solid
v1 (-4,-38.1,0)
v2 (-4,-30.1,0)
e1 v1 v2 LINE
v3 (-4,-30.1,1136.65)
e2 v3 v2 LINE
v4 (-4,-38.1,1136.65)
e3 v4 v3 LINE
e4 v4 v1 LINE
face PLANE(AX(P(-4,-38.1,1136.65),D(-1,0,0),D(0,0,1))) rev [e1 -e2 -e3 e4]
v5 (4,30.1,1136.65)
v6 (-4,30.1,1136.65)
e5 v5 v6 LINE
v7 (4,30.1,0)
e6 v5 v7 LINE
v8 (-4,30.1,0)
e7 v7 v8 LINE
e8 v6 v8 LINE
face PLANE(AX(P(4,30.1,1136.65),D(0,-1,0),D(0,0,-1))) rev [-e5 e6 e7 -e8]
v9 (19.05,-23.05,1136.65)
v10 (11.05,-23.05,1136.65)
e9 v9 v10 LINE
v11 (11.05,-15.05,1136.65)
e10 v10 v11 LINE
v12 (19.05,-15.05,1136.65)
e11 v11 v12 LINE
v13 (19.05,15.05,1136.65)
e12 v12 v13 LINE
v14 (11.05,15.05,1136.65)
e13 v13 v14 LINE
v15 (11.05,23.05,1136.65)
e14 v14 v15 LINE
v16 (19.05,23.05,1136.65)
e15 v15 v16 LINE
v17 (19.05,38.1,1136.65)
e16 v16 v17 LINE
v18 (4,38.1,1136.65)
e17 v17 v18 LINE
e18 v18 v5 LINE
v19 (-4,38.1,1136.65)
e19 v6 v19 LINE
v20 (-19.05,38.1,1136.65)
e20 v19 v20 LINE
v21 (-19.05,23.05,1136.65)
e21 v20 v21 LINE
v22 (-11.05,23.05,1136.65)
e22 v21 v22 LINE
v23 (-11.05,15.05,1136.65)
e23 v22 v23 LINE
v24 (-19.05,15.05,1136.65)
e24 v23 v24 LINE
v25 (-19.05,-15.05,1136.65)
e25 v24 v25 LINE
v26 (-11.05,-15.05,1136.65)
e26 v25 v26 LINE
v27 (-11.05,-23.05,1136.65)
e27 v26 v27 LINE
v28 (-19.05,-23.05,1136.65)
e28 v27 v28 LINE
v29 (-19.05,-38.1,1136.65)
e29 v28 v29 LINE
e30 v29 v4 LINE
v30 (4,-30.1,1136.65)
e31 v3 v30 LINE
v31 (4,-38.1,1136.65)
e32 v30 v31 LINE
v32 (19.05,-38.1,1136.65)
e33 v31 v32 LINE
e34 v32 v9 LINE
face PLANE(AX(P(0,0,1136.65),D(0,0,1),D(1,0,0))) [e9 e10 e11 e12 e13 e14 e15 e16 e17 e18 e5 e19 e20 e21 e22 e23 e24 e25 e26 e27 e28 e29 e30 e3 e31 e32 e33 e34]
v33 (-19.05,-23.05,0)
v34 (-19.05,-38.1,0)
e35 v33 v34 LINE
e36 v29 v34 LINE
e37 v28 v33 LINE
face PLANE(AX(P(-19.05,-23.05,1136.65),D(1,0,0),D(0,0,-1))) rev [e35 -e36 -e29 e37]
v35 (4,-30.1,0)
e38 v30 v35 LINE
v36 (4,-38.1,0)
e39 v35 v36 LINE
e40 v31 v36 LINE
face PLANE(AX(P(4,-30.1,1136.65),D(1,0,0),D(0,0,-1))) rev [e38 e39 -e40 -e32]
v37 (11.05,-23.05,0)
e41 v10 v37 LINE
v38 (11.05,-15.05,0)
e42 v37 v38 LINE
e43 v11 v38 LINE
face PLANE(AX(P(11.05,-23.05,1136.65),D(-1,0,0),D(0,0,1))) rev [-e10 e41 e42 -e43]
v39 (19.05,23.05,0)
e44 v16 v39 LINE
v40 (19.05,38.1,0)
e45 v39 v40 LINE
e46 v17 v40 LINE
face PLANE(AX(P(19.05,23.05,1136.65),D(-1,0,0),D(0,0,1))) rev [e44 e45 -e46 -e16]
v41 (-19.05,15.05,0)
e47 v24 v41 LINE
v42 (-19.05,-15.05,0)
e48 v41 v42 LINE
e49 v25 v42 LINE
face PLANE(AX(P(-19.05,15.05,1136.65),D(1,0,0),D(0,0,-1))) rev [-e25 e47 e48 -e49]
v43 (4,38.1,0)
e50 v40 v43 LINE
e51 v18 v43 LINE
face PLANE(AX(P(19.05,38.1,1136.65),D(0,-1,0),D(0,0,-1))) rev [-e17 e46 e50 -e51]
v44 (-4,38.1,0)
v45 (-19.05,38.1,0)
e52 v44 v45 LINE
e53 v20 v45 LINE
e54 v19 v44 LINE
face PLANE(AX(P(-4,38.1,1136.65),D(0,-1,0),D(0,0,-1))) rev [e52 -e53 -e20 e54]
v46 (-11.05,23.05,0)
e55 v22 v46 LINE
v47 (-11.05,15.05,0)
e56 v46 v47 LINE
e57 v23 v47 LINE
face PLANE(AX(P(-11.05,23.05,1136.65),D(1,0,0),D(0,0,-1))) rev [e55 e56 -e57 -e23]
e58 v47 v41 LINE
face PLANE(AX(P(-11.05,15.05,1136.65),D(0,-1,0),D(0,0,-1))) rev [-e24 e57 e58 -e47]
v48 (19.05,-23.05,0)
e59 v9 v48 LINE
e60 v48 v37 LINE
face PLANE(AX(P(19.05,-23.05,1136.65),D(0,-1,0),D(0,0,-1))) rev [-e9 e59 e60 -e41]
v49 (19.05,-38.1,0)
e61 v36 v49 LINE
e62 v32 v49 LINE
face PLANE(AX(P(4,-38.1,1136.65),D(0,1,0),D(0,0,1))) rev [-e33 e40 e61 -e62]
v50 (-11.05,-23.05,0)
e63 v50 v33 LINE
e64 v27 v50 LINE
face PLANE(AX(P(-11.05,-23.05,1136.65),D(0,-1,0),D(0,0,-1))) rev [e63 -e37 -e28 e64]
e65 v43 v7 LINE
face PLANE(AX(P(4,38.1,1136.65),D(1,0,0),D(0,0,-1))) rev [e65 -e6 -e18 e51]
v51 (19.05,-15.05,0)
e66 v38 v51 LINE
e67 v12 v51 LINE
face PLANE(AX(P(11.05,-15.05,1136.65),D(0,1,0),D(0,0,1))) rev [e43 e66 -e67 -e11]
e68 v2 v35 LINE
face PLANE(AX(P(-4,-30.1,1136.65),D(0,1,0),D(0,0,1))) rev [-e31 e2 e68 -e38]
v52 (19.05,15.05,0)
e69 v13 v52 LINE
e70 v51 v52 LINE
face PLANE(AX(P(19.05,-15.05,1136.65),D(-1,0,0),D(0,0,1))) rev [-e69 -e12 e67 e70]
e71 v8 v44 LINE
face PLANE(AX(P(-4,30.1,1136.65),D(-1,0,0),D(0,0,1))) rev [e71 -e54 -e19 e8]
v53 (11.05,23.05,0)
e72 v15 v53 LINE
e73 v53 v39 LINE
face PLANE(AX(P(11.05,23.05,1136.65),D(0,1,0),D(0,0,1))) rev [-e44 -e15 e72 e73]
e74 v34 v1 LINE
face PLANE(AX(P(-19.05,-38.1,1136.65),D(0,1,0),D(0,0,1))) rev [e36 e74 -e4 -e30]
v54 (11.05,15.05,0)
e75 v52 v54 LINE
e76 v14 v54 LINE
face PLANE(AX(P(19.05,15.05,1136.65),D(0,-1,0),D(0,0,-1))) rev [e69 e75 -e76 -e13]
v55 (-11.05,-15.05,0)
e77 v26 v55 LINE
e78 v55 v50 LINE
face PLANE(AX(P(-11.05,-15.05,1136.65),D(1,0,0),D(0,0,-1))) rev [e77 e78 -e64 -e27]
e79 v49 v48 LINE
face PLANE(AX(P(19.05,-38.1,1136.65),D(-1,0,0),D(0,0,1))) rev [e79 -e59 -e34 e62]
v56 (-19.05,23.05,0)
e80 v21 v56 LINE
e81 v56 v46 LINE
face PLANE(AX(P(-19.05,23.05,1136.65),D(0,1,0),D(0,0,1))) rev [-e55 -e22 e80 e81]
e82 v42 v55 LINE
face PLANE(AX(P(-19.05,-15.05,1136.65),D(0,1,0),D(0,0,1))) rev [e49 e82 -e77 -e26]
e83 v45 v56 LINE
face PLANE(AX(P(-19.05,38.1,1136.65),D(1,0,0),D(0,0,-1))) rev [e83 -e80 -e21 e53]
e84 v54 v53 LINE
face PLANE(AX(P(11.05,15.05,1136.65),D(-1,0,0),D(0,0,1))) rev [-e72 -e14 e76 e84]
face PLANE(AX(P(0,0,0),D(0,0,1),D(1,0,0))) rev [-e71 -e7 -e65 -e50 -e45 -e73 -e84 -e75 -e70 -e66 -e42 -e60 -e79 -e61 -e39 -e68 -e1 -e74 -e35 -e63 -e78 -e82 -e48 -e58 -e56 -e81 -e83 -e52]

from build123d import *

# Parameters (mm, degrees)
PROFILE_DEPTH = 1136.65


with BuildPart() as part:
    # Sketch1 → Profile (new body)
    with BuildSketch(Plane.XY):
        Polygon((-19.05, -38.1), (-4, -38.1), (-4, -30.1), (4, -30.1), (4, -38.1), (19.05, -38.1), (19.05, -23.05), (11.05, -23.05), (11.05, -15.05), (19.05, -15.05), (19.05, 15.05), (11.05, 15.05), (11.05, 23.05), (19.05, 23.05), (19.05, 38.1), (4, 38.1), (4, 30.1), (-4, 30.1), (-4, 38.1), (-19.05, 38.1), (-19.05, 23.05), (-11.05, 23.05), (-11.05, 15.05), (-19.05, 15.05), (-19.05, -15.05), (-11.05, -15.05), (-11.05, -23.05), (-19.05, -23.05), align=None)
    extrude(amount=PROFILE_DEPTH)


solid = part.part
